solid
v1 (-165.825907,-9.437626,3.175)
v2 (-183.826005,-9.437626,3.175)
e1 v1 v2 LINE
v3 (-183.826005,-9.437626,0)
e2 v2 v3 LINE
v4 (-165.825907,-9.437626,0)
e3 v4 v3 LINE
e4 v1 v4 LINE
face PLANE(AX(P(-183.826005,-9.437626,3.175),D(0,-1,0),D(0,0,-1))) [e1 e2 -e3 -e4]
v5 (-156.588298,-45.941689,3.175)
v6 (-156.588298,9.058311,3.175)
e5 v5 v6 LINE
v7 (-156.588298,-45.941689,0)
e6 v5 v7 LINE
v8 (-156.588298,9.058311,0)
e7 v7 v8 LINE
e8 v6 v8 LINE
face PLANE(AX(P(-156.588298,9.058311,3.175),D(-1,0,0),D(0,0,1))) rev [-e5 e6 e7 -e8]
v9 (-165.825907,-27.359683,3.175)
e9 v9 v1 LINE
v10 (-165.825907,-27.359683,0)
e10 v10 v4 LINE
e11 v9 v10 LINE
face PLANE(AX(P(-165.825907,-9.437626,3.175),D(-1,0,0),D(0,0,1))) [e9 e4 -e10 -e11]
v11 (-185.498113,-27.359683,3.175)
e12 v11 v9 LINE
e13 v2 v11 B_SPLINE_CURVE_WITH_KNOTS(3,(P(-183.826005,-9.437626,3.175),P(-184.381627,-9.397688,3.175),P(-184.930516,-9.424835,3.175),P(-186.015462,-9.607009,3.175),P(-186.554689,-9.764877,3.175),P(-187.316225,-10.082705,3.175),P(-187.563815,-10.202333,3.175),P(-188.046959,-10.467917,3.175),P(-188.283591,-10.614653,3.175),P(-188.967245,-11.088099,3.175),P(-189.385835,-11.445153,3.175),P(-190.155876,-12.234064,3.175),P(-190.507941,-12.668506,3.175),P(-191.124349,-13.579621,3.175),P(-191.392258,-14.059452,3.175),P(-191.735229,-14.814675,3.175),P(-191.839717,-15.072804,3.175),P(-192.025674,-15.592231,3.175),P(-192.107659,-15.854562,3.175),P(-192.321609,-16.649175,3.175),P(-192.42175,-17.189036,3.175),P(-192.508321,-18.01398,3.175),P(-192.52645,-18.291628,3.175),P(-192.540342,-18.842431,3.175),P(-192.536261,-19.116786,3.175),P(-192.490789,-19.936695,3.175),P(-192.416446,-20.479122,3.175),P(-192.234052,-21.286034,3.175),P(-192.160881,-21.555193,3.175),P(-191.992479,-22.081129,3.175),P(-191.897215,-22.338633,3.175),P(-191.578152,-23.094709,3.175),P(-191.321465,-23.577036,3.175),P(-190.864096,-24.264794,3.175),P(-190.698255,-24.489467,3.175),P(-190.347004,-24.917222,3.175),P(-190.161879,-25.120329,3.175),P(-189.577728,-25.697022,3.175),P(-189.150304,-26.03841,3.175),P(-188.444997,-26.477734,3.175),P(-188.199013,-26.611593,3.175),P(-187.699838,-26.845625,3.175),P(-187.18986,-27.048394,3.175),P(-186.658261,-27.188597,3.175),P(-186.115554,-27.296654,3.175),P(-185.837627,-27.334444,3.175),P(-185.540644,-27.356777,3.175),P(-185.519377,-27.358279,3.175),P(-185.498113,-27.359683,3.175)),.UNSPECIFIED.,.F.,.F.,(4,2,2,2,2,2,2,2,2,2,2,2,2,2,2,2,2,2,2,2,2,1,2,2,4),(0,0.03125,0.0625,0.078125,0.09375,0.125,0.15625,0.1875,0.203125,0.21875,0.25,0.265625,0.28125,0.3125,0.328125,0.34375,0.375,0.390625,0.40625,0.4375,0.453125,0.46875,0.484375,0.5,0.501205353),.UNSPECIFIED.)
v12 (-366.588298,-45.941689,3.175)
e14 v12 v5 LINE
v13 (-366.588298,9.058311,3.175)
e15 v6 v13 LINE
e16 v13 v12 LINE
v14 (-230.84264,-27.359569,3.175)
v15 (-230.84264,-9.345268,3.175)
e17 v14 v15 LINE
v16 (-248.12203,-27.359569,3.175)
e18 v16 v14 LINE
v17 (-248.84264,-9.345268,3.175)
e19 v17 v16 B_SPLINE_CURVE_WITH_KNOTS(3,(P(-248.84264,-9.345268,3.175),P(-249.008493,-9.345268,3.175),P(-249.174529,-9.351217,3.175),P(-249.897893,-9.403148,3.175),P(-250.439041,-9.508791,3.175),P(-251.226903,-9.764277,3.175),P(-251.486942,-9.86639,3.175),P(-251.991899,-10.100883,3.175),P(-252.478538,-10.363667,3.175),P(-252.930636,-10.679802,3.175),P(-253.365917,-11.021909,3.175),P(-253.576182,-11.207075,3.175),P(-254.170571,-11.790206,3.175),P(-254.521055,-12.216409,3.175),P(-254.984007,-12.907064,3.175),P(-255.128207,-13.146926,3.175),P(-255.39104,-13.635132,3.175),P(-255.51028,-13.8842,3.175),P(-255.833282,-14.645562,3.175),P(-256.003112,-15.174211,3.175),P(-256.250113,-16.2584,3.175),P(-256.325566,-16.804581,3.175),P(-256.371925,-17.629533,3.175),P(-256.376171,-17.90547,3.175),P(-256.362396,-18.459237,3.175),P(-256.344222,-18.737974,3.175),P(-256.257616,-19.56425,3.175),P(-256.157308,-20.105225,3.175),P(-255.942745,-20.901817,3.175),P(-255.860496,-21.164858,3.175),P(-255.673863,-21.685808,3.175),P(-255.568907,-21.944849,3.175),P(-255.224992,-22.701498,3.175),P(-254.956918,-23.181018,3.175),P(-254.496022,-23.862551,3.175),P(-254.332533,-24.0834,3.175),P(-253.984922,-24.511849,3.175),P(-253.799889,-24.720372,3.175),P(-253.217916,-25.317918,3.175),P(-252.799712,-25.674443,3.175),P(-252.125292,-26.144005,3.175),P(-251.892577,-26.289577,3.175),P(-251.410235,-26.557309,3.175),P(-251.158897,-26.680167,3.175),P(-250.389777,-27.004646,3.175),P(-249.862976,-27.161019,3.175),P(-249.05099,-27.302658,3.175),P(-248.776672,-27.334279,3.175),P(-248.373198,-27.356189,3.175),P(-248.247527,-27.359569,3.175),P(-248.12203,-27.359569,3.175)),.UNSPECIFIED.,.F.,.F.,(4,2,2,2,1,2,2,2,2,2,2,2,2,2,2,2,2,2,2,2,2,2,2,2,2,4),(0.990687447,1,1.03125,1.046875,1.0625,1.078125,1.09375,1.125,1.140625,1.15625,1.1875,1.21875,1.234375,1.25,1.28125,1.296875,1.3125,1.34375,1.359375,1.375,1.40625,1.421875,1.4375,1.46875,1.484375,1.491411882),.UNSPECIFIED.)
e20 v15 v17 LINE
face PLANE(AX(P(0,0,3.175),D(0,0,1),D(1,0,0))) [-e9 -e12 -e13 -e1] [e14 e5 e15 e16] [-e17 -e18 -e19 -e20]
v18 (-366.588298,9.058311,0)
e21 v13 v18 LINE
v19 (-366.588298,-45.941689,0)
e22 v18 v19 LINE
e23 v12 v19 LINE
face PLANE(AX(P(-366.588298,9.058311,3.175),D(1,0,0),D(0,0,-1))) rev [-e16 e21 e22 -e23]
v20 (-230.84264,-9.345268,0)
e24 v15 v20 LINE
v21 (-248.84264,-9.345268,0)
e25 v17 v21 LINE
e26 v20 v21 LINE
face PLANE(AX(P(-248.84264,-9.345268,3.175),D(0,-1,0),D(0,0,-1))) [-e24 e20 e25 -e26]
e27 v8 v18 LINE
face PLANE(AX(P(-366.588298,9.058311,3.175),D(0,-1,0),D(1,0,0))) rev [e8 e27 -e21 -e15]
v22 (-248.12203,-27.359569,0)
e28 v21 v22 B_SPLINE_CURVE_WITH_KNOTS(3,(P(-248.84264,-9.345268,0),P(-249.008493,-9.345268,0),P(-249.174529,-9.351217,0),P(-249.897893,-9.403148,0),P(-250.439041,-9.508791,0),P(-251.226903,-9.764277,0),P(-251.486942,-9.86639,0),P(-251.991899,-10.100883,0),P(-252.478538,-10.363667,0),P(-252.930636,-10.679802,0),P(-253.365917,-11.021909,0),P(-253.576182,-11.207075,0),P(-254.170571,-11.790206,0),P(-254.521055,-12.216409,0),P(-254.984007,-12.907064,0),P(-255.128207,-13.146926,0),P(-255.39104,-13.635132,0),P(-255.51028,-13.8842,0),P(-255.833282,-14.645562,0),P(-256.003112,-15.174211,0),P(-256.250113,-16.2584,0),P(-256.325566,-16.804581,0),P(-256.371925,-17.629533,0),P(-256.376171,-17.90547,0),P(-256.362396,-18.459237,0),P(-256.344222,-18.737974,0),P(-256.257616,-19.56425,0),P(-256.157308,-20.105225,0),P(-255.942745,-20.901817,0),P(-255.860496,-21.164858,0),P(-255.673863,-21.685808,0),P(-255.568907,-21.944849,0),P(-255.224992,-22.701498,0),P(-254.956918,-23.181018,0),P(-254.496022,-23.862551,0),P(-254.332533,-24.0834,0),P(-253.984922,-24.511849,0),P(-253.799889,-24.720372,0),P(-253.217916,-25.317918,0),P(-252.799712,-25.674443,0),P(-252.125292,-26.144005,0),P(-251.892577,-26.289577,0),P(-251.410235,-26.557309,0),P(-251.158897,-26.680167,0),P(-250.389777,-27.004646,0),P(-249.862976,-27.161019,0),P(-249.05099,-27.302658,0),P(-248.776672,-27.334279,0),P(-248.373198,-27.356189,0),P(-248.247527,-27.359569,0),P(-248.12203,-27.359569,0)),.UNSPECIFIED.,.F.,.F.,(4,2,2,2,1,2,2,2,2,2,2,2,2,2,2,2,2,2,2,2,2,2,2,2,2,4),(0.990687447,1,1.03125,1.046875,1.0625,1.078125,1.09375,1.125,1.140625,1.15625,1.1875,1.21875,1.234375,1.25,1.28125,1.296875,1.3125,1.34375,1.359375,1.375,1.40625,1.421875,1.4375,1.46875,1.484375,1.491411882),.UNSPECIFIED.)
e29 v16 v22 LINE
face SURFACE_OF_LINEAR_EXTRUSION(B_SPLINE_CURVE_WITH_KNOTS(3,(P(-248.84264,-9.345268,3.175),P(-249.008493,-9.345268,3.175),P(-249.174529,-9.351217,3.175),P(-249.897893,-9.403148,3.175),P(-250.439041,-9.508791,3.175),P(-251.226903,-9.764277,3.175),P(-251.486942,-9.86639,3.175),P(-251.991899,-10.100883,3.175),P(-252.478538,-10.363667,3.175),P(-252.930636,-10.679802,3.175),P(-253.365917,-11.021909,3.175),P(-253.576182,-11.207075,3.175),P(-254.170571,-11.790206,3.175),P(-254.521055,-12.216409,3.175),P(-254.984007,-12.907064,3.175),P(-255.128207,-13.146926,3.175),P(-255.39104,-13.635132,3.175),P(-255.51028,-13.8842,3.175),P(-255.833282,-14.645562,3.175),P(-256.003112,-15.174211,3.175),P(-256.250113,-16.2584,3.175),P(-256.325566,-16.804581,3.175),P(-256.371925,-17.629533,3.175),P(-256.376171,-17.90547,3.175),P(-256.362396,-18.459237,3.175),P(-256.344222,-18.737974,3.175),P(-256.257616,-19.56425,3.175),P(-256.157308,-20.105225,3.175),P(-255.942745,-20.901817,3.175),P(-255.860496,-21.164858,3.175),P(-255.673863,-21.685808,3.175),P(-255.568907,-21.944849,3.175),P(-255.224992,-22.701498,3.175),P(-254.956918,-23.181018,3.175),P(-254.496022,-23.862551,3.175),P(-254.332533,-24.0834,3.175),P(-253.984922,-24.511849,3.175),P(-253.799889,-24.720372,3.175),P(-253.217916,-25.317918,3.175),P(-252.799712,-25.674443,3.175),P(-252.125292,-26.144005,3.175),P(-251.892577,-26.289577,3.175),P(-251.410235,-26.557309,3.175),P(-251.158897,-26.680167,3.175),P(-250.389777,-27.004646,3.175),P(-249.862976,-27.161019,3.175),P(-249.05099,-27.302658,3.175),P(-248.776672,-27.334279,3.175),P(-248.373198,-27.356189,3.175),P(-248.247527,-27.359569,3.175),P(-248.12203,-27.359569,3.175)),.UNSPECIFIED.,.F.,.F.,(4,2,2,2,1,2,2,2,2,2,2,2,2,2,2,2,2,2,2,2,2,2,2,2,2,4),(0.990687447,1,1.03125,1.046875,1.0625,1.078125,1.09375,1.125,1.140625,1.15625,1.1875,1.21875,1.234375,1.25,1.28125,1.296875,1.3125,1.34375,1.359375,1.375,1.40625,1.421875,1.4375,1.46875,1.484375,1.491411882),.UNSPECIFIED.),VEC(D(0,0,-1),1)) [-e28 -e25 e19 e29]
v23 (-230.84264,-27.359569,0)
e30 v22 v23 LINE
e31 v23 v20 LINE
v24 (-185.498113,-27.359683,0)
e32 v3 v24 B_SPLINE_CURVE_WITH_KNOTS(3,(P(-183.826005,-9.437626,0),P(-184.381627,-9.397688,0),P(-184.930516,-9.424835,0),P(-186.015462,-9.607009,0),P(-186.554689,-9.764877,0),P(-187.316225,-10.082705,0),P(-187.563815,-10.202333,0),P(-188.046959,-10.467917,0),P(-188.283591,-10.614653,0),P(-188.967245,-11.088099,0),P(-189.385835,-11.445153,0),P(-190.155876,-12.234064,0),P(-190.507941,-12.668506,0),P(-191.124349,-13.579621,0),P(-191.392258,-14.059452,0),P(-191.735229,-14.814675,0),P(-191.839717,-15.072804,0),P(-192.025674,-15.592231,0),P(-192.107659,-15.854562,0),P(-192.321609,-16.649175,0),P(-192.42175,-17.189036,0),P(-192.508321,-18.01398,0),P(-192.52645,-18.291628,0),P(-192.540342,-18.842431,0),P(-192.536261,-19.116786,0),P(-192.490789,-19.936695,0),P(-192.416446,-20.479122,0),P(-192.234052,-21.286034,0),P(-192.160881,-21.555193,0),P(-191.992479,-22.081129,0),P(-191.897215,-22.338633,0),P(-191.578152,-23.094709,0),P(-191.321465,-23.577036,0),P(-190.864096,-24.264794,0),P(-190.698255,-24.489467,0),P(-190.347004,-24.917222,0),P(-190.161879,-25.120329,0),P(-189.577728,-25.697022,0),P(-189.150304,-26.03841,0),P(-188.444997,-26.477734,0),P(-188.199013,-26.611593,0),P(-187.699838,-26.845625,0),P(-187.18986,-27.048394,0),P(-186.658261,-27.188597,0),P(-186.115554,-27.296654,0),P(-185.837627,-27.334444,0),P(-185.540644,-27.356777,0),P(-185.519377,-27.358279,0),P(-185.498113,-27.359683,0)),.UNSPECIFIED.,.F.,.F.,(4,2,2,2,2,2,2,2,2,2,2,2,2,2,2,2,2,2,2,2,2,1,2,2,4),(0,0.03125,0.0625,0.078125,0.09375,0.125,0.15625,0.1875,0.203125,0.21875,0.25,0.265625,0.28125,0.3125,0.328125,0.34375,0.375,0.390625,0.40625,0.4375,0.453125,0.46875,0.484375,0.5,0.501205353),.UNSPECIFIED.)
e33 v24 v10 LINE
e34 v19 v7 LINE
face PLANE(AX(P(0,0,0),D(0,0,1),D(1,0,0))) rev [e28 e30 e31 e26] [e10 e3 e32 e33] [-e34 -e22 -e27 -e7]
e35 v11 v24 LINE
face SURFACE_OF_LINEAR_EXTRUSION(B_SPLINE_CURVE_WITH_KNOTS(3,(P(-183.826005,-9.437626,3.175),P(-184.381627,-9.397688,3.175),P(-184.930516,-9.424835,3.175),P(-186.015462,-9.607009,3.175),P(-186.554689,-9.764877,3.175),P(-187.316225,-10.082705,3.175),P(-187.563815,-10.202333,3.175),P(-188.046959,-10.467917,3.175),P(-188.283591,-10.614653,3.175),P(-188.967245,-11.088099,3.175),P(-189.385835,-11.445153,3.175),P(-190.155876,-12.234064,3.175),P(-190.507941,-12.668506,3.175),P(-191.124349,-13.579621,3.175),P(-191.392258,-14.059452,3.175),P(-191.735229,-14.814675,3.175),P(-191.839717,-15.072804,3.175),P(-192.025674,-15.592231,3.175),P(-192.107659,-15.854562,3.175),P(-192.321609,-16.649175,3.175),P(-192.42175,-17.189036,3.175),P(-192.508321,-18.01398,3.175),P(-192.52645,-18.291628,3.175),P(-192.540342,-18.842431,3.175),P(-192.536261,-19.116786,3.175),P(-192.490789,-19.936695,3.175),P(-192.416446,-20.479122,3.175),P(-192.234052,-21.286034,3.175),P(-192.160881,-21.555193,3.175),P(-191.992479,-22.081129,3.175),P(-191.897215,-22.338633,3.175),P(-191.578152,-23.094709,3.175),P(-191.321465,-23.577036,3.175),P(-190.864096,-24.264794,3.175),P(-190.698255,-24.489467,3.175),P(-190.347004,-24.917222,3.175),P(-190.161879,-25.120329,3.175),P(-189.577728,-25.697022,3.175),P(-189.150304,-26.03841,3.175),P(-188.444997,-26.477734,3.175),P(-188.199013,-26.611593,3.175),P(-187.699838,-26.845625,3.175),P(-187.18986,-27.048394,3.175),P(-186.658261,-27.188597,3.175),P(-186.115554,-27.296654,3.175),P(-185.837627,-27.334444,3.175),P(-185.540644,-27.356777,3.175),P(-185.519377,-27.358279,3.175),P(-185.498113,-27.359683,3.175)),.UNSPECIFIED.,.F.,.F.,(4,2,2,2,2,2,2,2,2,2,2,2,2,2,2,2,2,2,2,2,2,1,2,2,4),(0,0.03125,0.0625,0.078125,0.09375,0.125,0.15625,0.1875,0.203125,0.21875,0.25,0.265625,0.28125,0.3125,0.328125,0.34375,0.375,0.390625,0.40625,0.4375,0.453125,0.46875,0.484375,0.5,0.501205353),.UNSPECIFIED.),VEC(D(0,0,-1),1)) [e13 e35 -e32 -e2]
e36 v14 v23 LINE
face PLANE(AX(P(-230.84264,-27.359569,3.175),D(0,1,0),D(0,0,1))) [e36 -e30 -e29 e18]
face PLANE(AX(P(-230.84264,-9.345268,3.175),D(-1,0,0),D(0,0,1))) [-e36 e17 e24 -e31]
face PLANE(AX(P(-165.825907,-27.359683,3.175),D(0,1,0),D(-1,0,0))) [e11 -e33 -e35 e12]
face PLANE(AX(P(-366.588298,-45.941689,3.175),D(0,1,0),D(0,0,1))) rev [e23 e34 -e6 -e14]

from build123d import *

# Parameters (mm, degrees)
SKETCH1_W           = 210
SKETCH1_H           = 55
BOSS_EXTRUDE1_DEPTH = 3.175


with BuildPart() as part:
    # Sketch1 → Boss-Extrude1 (new body)
    with BuildSketch(Plane.XY):
        with Locations((-261.58829827, -18.441689147)):
            Rectangle(SKETCH1_W, SKETCH1_H)
        with BuildLine():
            Line((-183.826005128, -9.437626279), (-165.825906922, -9.437626279))
            Line((-165.825906922, -9.437626279), (-165.825906922, -27.359682536))
            Line((-165.825906922, -27.359682536), (-185.498112528, -27.359682536))
            add(Edge.make_bspline(
                [(-183.826005128, -9.437626279), (-184.381626607, -9.397687719), (-184.930515996, -9.424835034), (-186.015461991, -9.607009465), (-186.554689235, -9.764877403), (-187.316224975, -10.082704779), (-187.563814734, -10.202332624), (-188.04695947, -10.467917292), (-188.283591247, -10.614653216), (-188.967244505, -11.088099477), (-189.385834671, -11.445153232), (-190.155876141, -12.234064044), (-190.507940946, -12.668506087), (-191.124349263, -13.579620928), (-191.392257861, -14.05945224), (-191.73522916, -14.814675279), (-191.839717206, -15.072804389), (-192.025673908, -15.592230911), (-192.107659089, -15.854561779), (-192.321609275, -16.649175241), (-192.421750284, -17.189035513), (-192.508320777, -18.013979615), (-192.526449679, -18.291627862), (-192.540341709, -18.842430921), (-192.536260587, -19.116785649), (-192.490788714, -19.936695463), (-192.416446167, -20.47912245), (-192.234051872, -21.286034277), (-192.160881012, -21.555192562), (-191.992478644, -22.081128913), (-191.89721521, -22.338632762), (-191.57815234, -23.094708941), (-191.321465438, -23.577036127), (-190.86409563, -24.264793996), (-190.698255397, -24.489466796), (-190.347004112, -24.917221829), (-190.161879434, -25.120329067), (-189.577727686, -25.697021795), (-189.150303695, -26.038410046), (-188.444997142, -26.47773401), (-188.199013121, -26.611592551), (-187.699838217, -26.845624837), (-187.189859794, -27.048393537), (-186.658261328, -27.188597437), (-186.115554078, -27.296654363), (-185.837627103, -27.33444368), (-185.540644376, -27.356776903), (-185.519377345, -27.358278606), (-185.498112528, -27.359682536)],
                knots=[0, 0, 0, 0, 0.03125, 0.03125, 0.0625, 0.0625, 0.078125, 0.078125, 0.09375, 0.09375, 0.125, 0.125, 0.15625, 0.15625, 0.1875, 0.1875, 0.203125, 0.203125, 0.21875, 0.21875, 0.25, 0.25, 0.265625, 0.265625, 0.28125, 0.28125, 0.3125, 0.3125, 0.328125, 0.328125, 0.34375, 0.34375, 0.375, 0.375, 0.390625, 0.390625, 0.40625, 0.40625, 0.4375, 0.4375, 0.453125, 0.453125, 0.46875, 0.484375, 0.484375, 0.5, 0.5, 0.501205353, 0.501205353, 0.501205353, 0.501205353], degree=3))
        make_face(mode=Mode.SUBTRACT)
        with BuildLine():
            Line((-248.842639606, -9.34526812), (-230.842639606, -9.34526812))
            Line((-230.842639606, -9.34526812), (-230.842639606, -27.359569421))
            Line((-230.842639606, -27.359569421), (-248.122030426, -27.359569421))
            add(Edge.make_bspline(
                [(-248.842639606, -9.34526812), (-249.008492971, -9.34526812), (-249.174528912, -9.351217217), (-249.897892737, -9.403148293), (-250.439041218, -9.508791349), (-251.226902991, -9.764277117), (-251.486942339, -9.866389631), (-251.991898718, -10.100883467), (-252.478538383, -10.363667412), (-252.930635604, -10.679802053), (-253.365916766, -11.021909044), (-253.576181816, -11.207074635), (-254.170571266, -11.790206392), (-254.521054547, -12.216408682), (-254.984007031, -12.907063712), (-255.128207339, -13.146926319), (-255.391039985, -13.635131957), (-255.510280092, -13.884200022), (-255.833281599, -14.645561933), (-256.003111783, -15.174210606), (-256.250113173, -16.258400348), (-256.325565617, -16.804580713), (-256.371925399, -17.6295328), (-256.376170681, -17.905469832), (-256.362395823, -18.459237102), (-256.344221579, -18.737973637), (-256.257616038, -19.564249546), (-256.157308421, -20.105224546), (-255.942745346, -20.901816623), (-255.860495563, -21.164858437), (-255.673862588, -21.685807516), (-255.568906935, -21.944849427), (-255.224992289, -22.701497667), (-254.956918189, -23.181017599), (-254.49602176, -23.862551099), (-254.33253309, -24.083399995), (-253.984921716, -24.511848542), (-253.79988931, -24.720372449), (-253.217915831, -25.317918038), (-252.799712482, -25.674443478), (-252.12529242, -26.144005131), (-251.892576917, -26.289576641), (-251.410235402, -26.557308591), (-251.158897378, -26.680166876), (-250.389777098, -27.004646057), (-249.862976161, -27.161019247), (-249.050989853, -27.302657737), (-248.776672466, -27.334279323), (-248.37319776, -27.356189189), (-248.247527215, -27.359569421), (-248.122030426, -27.359569421)],
                knots=[0.990687447, 0.990687447, 0.990687447, 0.990687447, 1, 1, 1.03125, 1.03125, 1.046875, 1.046875, 1.0625, 1.078125, 1.078125, 1.09375, 1.09375, 1.125, 1.125, 1.140625, 1.140625, 1.15625, 1.15625, 1.1875, 1.1875, 1.21875, 1.21875, 1.234375, 1.234375, 1.25, 1.25, 1.28125, 1.28125, 1.296875, 1.296875, 1.3125, 1.3125, 1.34375, 1.34375, 1.359375, 1.359375, 1.375, 1.375, 1.40625, 1.40625, 1.421875, 1.421875, 1.4375, 1.4375, 1.46875, 1.46875, 1.484375, 1.484375, 1.491411882, 1.491411882, 1.491411882, 1.491411882], degree=3))
        make_face(mode=Mode.SUBTRACT)
    extrude(amount=BOSS_EXTRUDE1_DEPTH)


solid = part.part
